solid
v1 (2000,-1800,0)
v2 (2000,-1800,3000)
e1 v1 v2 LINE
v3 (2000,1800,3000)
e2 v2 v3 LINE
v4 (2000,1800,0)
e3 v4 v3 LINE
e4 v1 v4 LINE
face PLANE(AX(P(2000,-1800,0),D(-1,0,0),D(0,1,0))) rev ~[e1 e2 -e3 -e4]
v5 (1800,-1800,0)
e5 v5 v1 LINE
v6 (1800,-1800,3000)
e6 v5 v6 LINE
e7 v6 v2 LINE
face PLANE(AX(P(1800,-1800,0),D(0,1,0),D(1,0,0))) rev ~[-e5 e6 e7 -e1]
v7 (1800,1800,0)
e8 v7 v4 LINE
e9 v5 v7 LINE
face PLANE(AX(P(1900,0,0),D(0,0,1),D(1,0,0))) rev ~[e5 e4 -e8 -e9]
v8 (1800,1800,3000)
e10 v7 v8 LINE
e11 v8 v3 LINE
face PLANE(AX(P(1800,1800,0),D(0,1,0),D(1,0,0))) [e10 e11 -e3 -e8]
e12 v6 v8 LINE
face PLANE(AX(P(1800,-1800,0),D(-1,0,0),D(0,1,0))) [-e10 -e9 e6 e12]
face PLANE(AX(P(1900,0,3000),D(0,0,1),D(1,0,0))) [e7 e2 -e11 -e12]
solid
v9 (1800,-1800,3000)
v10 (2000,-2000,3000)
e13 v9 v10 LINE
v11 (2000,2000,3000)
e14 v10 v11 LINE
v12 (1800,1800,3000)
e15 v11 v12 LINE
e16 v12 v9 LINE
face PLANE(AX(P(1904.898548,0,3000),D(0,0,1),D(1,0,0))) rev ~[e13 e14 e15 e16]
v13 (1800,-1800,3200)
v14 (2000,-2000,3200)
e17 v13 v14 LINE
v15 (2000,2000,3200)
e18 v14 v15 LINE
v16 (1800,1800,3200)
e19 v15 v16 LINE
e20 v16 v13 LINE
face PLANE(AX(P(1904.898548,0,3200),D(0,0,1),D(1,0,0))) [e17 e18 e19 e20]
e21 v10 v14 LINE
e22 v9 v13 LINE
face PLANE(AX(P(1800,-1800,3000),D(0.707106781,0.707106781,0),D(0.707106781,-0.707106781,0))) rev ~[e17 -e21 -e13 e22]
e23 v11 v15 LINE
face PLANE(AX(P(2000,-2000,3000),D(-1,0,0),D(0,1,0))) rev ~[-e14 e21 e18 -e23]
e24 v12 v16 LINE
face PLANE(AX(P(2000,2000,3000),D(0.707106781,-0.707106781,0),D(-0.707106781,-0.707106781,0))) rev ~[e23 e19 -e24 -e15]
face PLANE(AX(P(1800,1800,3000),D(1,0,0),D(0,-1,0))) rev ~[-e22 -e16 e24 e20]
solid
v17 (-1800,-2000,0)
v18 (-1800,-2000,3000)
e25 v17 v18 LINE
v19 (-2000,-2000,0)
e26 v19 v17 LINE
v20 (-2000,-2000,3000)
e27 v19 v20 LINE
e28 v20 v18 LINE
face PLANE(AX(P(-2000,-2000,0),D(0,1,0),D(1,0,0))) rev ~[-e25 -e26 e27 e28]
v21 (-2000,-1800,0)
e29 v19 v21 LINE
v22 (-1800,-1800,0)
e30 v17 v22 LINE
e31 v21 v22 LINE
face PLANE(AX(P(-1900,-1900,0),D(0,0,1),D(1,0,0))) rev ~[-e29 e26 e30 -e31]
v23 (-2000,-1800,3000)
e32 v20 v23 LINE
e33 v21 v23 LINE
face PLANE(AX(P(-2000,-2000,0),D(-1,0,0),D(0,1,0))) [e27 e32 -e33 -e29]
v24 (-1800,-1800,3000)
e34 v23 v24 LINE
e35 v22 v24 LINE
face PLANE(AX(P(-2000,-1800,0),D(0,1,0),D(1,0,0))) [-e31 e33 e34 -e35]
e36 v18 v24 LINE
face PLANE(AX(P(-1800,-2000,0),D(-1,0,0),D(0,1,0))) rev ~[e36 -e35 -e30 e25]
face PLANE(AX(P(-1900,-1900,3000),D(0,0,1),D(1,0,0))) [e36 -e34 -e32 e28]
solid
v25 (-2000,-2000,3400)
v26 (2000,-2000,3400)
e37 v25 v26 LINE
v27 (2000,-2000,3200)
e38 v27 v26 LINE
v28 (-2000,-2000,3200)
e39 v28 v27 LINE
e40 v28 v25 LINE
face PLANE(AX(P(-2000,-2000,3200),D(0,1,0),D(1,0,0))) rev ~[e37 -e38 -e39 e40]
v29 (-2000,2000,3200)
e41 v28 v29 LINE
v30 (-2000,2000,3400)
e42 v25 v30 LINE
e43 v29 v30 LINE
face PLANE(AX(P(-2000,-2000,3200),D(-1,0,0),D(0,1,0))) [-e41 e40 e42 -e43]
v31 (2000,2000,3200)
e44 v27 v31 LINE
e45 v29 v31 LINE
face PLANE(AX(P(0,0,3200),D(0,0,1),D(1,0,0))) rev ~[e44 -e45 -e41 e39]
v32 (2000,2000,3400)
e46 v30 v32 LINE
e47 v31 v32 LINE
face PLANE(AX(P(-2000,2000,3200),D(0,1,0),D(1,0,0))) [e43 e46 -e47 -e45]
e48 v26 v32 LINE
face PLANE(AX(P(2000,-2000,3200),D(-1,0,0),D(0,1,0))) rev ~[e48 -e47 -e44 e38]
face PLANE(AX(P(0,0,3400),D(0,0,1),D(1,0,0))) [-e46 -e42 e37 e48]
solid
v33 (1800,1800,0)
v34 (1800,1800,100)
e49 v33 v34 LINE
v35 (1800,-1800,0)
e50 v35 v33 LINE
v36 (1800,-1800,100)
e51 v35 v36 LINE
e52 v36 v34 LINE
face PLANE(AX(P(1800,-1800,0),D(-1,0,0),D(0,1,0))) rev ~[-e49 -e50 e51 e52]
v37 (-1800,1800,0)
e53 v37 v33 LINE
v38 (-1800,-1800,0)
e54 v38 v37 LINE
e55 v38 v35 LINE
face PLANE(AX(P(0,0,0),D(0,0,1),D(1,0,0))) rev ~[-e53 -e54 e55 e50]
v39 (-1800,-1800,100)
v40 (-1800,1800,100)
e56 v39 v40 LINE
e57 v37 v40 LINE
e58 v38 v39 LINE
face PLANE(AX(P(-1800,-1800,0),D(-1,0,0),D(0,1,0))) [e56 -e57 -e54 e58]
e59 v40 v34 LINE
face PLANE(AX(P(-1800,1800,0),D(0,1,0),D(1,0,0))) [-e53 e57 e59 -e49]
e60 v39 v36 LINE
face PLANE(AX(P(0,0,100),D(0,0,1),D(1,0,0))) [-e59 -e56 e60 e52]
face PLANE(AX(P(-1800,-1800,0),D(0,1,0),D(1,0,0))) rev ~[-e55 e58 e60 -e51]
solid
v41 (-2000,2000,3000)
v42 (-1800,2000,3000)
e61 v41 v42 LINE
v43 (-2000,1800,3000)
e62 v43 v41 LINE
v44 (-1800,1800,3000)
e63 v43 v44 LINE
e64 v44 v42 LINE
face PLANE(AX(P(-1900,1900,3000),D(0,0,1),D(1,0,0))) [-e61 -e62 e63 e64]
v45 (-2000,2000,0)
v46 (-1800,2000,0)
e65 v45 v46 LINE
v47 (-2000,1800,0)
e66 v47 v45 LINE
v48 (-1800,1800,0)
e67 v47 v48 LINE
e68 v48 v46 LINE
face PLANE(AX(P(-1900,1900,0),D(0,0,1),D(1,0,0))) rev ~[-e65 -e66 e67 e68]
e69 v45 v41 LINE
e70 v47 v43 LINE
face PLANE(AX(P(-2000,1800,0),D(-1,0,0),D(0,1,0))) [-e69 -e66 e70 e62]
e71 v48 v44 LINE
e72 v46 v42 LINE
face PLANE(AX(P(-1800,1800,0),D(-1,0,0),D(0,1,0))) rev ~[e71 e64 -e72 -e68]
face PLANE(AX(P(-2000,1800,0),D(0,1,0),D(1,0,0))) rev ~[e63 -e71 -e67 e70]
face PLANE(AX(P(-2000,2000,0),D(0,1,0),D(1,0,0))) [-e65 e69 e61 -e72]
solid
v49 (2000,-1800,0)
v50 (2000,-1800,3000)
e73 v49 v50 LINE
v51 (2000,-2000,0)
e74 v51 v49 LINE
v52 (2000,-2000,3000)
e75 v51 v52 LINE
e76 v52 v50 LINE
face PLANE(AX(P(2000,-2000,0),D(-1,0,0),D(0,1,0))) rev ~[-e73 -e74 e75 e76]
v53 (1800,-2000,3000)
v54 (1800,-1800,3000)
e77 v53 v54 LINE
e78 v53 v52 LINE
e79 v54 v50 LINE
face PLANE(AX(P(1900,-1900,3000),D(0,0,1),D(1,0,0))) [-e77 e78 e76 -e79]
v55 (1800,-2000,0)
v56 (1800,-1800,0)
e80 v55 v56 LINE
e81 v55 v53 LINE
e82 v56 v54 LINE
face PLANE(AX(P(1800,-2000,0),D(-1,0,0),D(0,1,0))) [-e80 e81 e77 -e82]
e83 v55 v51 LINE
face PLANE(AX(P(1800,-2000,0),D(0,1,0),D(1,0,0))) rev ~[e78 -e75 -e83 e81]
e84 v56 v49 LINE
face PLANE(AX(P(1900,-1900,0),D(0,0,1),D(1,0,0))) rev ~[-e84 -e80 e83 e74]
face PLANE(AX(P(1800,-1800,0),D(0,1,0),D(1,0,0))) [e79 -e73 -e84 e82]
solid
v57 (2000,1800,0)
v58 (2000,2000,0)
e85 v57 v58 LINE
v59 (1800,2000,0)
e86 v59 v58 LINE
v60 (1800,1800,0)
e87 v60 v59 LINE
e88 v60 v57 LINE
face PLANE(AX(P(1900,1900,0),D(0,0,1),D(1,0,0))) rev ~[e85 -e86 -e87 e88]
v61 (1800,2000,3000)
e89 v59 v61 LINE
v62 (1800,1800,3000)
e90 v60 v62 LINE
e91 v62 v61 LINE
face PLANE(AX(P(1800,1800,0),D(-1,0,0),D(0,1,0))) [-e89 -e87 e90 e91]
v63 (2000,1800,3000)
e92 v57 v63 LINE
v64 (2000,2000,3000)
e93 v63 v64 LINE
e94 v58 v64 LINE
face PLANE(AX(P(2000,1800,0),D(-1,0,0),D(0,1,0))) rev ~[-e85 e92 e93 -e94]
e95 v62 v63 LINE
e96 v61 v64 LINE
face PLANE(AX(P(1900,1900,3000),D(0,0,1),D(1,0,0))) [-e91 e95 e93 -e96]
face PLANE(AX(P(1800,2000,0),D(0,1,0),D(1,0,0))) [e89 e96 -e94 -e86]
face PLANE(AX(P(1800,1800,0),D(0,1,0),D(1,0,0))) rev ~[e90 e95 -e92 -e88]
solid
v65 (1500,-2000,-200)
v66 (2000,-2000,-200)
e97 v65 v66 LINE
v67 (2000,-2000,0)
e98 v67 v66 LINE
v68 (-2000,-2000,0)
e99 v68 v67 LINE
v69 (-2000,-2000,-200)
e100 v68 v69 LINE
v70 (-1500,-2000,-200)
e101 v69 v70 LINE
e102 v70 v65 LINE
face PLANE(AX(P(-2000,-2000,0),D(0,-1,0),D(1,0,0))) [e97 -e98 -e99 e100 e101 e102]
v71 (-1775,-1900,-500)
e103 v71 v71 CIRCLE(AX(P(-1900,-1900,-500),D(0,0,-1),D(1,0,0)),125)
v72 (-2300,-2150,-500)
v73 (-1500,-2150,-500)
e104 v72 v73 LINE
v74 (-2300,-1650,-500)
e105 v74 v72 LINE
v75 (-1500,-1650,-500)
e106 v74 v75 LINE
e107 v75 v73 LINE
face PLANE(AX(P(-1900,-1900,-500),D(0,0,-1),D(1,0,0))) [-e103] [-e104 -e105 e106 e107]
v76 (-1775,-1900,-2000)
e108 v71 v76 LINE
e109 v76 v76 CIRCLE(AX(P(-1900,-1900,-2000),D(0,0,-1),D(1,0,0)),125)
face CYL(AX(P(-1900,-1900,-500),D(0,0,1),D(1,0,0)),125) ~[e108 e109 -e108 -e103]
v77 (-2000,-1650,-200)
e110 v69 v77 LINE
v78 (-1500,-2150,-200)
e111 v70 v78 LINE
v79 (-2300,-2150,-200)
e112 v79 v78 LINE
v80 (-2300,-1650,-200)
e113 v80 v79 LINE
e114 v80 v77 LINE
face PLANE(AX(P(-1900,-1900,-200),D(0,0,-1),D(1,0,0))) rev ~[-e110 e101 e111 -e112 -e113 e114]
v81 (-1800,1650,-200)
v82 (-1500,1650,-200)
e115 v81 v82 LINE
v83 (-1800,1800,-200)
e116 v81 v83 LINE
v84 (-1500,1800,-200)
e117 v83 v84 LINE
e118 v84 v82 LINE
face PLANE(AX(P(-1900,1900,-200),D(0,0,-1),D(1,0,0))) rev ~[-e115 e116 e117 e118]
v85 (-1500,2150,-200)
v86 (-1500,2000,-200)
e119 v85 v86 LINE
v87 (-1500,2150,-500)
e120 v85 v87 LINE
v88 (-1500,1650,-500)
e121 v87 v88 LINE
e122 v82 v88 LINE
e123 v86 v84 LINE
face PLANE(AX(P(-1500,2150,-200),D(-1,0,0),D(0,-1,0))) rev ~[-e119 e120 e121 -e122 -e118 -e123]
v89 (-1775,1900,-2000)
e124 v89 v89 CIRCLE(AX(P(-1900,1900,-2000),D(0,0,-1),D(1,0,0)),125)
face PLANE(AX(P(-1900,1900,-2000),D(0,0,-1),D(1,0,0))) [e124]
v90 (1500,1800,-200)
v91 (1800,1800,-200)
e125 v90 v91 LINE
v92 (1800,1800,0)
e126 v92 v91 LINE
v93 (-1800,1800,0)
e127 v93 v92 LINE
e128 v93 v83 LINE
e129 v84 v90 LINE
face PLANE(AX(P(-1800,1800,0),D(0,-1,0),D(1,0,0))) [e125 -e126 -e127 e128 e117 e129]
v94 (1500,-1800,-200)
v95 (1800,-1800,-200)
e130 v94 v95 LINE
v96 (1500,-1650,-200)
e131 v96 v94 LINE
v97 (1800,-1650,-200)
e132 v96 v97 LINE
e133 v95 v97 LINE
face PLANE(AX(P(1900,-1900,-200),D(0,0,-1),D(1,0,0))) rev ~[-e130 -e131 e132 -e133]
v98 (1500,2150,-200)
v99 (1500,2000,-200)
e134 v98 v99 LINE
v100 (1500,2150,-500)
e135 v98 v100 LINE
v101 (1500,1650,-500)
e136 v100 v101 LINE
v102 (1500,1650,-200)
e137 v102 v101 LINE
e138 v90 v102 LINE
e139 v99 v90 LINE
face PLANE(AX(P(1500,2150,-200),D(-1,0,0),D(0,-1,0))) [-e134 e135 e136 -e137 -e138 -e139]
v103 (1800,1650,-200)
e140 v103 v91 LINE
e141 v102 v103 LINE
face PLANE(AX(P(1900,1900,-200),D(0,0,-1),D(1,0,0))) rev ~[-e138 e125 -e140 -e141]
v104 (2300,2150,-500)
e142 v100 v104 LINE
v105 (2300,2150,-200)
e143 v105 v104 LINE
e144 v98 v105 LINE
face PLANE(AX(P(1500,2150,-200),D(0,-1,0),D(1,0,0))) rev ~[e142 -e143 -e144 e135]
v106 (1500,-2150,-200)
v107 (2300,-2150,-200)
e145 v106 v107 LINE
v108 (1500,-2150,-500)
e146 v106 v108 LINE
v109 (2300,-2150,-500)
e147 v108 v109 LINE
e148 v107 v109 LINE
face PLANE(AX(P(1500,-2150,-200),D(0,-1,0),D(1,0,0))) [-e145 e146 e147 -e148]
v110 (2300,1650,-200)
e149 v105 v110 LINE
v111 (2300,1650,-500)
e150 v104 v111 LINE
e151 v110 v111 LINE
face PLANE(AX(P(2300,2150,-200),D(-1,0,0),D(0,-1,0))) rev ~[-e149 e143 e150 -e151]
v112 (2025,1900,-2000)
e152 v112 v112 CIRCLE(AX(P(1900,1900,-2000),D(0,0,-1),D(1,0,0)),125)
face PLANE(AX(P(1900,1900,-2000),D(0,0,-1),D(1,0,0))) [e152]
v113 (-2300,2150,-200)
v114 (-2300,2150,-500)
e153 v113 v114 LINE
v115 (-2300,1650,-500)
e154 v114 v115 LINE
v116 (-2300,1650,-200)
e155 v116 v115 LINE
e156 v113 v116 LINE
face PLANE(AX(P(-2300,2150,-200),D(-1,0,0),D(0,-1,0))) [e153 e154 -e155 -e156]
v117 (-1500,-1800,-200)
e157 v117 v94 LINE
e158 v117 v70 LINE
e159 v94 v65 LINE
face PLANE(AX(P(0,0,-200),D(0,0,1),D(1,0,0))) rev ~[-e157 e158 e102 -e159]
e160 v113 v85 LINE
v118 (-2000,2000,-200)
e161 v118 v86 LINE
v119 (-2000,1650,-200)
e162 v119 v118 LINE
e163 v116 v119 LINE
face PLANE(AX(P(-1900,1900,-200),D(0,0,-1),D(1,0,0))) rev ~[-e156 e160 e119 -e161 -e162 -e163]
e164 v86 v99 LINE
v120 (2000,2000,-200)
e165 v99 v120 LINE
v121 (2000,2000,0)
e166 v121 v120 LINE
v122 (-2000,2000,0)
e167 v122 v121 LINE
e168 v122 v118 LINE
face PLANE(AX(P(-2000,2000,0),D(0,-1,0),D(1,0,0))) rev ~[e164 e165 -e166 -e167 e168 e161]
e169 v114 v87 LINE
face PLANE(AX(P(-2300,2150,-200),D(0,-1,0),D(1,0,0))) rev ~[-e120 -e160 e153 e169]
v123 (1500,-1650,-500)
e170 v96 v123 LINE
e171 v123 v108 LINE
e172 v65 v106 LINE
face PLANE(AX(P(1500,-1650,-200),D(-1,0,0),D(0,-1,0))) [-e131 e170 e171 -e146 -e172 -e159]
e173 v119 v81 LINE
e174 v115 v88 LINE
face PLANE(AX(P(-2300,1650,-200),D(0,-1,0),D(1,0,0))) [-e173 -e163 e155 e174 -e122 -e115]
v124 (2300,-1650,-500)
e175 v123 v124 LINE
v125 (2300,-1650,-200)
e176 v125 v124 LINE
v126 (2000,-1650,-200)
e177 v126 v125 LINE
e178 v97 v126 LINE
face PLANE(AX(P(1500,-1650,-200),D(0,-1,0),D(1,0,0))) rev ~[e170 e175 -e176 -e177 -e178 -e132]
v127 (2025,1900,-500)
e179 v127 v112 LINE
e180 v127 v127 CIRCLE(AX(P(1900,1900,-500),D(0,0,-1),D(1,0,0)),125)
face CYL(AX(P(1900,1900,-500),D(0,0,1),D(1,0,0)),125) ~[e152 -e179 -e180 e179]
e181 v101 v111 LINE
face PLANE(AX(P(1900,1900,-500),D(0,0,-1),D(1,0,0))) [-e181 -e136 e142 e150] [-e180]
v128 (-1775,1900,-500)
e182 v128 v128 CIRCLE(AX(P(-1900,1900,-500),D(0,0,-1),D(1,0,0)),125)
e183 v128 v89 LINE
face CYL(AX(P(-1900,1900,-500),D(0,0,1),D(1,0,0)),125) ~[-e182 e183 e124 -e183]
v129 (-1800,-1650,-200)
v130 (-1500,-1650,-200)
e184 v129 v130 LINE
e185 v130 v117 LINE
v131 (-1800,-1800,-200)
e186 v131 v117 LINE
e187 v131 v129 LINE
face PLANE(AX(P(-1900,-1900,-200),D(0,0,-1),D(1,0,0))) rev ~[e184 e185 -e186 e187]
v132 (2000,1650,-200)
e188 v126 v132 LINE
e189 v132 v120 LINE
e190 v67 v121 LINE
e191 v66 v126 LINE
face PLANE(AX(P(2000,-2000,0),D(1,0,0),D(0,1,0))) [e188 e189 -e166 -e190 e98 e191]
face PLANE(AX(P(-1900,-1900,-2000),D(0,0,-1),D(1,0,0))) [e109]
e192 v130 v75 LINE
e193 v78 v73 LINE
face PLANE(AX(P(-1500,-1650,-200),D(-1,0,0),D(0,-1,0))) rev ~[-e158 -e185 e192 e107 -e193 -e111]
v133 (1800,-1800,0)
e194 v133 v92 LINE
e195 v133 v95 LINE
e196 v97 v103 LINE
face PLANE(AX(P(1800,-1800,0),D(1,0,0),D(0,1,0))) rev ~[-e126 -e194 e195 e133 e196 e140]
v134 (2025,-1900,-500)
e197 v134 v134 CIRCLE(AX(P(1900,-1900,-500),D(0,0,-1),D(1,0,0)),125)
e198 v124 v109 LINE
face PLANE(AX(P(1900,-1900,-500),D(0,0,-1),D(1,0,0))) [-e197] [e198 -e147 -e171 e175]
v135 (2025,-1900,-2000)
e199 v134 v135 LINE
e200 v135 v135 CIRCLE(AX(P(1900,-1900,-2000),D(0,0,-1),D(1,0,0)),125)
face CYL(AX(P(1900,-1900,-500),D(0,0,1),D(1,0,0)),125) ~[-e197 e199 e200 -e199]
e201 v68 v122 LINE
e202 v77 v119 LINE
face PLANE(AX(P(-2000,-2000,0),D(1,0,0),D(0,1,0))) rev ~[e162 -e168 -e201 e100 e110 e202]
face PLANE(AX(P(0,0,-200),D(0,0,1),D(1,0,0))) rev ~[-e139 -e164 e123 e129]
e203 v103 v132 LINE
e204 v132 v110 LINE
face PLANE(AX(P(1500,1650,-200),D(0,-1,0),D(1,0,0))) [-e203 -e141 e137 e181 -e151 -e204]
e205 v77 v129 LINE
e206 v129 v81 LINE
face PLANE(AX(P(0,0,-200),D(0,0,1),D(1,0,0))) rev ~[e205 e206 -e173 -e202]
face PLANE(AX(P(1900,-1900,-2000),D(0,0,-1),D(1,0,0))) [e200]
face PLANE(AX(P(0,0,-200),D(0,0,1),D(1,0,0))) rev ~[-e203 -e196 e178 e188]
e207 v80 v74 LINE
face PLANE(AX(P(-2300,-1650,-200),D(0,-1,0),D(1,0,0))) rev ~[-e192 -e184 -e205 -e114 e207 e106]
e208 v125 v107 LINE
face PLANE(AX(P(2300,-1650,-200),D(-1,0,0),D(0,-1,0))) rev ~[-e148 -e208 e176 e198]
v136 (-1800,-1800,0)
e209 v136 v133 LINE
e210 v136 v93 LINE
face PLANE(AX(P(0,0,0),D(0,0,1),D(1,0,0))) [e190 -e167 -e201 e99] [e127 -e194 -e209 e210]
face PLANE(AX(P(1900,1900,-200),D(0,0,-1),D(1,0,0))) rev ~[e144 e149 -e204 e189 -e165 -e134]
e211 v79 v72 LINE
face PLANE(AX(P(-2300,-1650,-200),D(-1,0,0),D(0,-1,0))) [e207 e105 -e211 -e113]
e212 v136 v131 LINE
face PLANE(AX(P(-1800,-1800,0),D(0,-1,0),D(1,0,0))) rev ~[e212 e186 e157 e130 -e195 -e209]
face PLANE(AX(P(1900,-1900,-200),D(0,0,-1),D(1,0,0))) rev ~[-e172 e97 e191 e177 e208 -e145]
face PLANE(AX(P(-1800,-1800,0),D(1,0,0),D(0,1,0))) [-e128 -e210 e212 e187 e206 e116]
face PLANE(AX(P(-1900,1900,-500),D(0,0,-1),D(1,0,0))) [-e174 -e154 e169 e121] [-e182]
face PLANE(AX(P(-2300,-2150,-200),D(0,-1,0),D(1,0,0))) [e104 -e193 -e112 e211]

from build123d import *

# Parameters (mm, degrees)
F0_W      = 200
F0_H      = 200
F1_DEPTH  = 3000
F7_W      = 4000
F7_H      = 4000
F7_W_2    = 3600
F7_H_2    = 3600
F8_DEPTH  = 200
F2_W      = 800
F2_H      = 500
F9_DEPTH  = 300
F3_R      = 125
F10_DEPTH = 1500
F11_W     = 3600
F11_H     = 3600
F12_DEPTH = 100
F5_DEPTH  = 200
F13_W     = 200
F13_H     = 3600
F6_DEPTH  = 3000
F14_W     = 4000
F14_H     = 4000
F15_DEPTH = 200


with BuildPart() as f1:
    # F0 (on Top) → F1 (new body)
    with BuildSketch(Plane.XY):
        with Locations((-1900, -1900)):
            Rectangle(F0_W, F0_H)
        with Locations((1900, 1900)):
            Rectangle(F0_W, F0_H)
        with Locations((-1900, 1900)):
            Rectangle(F0_W, F0_H)
        with Locations((1900, -1900)):
            Rectangle(F0_W, F0_H)
    extrude(amount=F1_DEPTH)


with BuildPart() as f8:
    # F7 (on Top) → F8 (new body)
    with BuildSketch(Plane.XY):
        Rectangle(F7_W, F7_H)
        Rectangle(F7_W_2, F7_H_2, mode=Mode.SUBTRACT)
    extrude(amount=-F8_DEPTH)

    # F2 (on face) → F9 (join)
    with BuildSketch(Plane(origin=(0, 0, -200), x_dir=(1, 0, 0), z_dir=(0, 0, -1))):
        with Locations((-1900, -1900)):
            Rectangle(F2_W, F2_H)
        with Locations((-1900, 1900)):
            Rectangle(F2_W, F2_H)
        with Locations((1900, -1900)):
            Rectangle(F2_W, F2_H)
        with Locations((1900, 1900)):
            Rectangle(F2_W, F2_H)
    extrude(amount=F9_DEPTH)

    # F3 (on face) → F10 (join)
    with BuildSketch(Plane(origin=(0, 0, -500), x_dir=(1, 0, 0), z_dir=(0, 0, -1))):
        with Locations((1900, 1900)):
            Circle(F3_R)
        with Locations((-1900, 1900)):
            Circle(F3_R)
        with Locations((-1900, -1900)):
            Circle(F3_R)
        with Locations((1900, -1900)):
            Circle(F3_R)
    extrude(amount=F10_DEPTH)


with BuildPart() as f12:
    # F11 (on Top) → F12 (new body)
    with BuildSketch(Plane.XY):
        Rectangle(F11_W, F11_H)
    extrude(amount=F12_DEPTH)


with BuildPart() as f5:
    # F4 (on face) → F5 (new body)
    with BuildSketch(Plane.XY.offset(3000)):
        Polygon((1800, 1800), (1800, -1800), (2000, -2000), (2000, 2000), align=None)
    extrude(amount=F5_DEPTH)


with BuildPart() as f6:
    # F13 (on face) → F6 (new body)
    with BuildSketch(Plane.XY):
        with Locations((1900, 0)):
            Rectangle(F13_W, F13_H)
    extrude(amount=F6_DEPTH)


with BuildPart() as f15:
    # F14 (on face) → F15 (new body)
    with BuildSketch(Plane.XY.offset(3200)):
        Rectangle(F14_W, F14_H)
    extrude(amount=F15_DEPTH)


solid = Compound([f1.part, f8.part, f12.part, f5.part, f6.part, f15.part])
